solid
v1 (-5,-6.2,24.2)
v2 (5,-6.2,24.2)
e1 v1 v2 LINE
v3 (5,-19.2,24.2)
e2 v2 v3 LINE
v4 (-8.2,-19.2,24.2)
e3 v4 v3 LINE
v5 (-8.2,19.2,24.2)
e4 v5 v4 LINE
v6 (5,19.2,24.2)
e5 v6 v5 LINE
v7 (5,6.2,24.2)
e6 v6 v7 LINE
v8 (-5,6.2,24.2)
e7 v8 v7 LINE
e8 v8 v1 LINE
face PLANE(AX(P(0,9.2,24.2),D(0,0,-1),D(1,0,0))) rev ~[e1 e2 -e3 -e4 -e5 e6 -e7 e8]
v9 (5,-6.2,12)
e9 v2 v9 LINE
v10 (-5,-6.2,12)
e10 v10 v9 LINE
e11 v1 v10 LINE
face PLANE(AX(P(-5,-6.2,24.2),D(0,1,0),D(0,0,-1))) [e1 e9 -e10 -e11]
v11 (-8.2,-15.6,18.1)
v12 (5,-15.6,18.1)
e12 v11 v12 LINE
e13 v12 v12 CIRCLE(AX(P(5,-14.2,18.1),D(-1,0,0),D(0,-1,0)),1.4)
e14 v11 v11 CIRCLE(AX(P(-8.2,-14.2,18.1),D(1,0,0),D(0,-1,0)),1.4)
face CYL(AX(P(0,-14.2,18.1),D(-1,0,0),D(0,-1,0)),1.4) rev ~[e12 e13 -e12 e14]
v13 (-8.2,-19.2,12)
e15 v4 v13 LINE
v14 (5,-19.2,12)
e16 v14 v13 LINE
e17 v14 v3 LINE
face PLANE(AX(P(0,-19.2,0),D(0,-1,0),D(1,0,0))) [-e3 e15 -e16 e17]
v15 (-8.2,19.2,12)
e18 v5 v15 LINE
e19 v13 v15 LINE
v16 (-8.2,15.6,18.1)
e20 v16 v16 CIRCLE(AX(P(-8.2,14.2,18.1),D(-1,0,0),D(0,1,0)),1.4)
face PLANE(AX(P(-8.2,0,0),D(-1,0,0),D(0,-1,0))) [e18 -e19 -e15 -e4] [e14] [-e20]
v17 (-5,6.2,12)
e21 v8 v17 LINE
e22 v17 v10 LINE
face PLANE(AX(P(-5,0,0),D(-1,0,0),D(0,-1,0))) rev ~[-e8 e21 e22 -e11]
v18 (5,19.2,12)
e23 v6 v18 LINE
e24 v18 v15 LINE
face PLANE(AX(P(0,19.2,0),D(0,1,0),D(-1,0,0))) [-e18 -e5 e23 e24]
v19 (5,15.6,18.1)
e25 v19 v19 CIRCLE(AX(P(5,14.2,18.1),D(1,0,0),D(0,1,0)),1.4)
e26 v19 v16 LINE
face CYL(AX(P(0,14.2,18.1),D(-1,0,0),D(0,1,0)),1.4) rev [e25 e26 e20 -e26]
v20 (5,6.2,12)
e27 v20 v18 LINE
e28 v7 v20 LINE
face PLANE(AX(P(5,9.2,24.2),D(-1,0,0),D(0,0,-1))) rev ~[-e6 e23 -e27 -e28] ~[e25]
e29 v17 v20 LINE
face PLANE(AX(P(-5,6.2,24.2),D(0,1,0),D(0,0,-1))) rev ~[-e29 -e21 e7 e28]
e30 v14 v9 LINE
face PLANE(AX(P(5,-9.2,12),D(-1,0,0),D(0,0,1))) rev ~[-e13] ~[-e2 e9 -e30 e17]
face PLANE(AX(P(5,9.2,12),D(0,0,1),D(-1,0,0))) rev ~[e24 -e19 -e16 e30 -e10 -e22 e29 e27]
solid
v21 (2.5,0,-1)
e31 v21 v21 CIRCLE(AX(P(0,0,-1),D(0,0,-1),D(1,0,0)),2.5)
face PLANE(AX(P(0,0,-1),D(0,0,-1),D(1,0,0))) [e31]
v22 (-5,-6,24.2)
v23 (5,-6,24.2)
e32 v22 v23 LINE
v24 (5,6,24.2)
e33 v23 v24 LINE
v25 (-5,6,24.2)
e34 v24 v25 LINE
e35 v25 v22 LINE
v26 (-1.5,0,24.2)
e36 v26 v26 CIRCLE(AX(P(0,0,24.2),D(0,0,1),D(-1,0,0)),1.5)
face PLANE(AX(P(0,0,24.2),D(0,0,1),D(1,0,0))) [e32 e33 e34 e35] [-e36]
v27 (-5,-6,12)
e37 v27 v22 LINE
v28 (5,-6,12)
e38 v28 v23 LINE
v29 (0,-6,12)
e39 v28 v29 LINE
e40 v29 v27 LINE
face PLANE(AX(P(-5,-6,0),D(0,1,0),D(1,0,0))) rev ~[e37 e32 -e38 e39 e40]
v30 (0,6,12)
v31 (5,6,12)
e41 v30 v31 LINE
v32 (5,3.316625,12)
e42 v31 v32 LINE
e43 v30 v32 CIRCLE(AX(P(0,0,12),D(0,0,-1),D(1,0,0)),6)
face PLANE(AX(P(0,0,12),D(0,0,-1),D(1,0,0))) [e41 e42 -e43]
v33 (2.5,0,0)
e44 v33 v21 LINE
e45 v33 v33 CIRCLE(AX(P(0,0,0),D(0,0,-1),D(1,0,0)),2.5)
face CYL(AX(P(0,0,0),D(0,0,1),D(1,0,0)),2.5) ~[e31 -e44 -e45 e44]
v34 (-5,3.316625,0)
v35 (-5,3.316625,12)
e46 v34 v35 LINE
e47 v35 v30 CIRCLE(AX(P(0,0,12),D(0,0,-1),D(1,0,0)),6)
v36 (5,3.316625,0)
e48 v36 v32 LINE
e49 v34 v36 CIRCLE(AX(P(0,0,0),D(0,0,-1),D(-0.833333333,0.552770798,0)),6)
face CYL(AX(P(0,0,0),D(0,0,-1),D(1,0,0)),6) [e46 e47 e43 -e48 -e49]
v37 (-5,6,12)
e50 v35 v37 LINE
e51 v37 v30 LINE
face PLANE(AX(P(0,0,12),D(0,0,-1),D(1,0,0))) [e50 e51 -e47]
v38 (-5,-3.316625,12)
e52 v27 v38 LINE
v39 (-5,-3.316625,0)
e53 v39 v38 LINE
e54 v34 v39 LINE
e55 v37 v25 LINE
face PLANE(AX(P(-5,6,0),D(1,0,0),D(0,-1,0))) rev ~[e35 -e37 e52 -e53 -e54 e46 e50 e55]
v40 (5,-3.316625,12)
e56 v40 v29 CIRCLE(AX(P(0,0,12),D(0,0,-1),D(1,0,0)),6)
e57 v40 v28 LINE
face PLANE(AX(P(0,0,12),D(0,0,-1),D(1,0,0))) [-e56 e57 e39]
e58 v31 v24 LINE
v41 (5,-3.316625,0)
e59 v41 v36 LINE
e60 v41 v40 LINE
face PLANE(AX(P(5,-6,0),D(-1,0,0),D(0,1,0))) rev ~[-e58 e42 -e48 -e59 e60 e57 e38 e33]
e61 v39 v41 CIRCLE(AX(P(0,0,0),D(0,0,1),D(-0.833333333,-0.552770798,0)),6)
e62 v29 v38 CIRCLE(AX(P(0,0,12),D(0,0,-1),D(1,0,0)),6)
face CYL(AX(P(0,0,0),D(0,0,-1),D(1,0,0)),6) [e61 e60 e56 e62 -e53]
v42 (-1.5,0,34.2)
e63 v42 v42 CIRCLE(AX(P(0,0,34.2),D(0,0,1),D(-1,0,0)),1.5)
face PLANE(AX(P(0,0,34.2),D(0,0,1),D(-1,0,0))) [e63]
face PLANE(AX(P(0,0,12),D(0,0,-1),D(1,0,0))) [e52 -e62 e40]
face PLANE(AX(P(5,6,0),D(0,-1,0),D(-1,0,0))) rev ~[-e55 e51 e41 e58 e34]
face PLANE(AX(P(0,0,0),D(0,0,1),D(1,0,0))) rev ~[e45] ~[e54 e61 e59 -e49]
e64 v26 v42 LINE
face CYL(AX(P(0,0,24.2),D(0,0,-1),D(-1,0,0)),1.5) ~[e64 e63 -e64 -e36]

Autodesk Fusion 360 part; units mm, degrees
sketch "Çizim1" plane through (0, 0, 0) normal (0, 0, 1) x (1, 0, 0)
  line L0 (5, 6) -> (-5, 6)
  line L1 (-5, 6) -> (-5, -6)
  line L2 (-5, -6) -> (5, -6)
  line L3 (5, -6) -> (5, 6)
  line L4 (5, 6) -> (-5, -6) construction
  line L5 (-5, 6) -> (5, -6) construction
  dimension "d1" = 10
  dimension "d2" = 12
extrude "Ekstrüzyon1" add sketch "Çizim1" along normal blind 24.2 makes body 1
sketch "Çizim2" plane through (0, 0, 24.2) normal (0, 0, 1) x (-1, 0, 0)
  line L0 (-5, 6) -> (-5, -6)
  line L1 (-5, -6) -> (5, -6)
  line L2 (5, -6) -> (5, 6)
  line L3 (5, 6) -> (-5, 6)
  circle A0 centre (0, 0) radius 1.5
  dimension "d5" = 3
extrude "Ekstrüzyon2" add sketch "Çizim2" along normal blind 10 contours A0 bodies 1
sketch "Çizim3" plane through (0, 0, 0) normal (0, 0, -1) x (1, 0, 0)
  line L0 (5, -6) -> (5, 6)
  line L1 (5, 6) -> (-5, 6)
  line L2 (-5, 6) -> (-5, -6)
  line L3 (-5, -6) -> (5, -6)
  circle A0 centre (0, 0) radius 2.5
  dimension "d8" = 5
extrude "Ekstrüzyon3" add sketch "Çizim3" along normal blind 1 contours A0 bodies 1
sketch "Çizim4" plane through (0, 0, 0) normal (0, 0, -1) x (1, 0, 0)
  circle A0 centre (0, 0) radius 2.5
  line L0 (5, -6) -> (5, 6)
  line L1 (5, 6) -> (-5, 6)
  line L2 (-5, 6) -> (-5, -6)
  line L3 (-5, -6) -> (5, -6)
  circle A1 centre (0, 0) radius 6
  dimension "d11" = 12
extrude "Ekstrüzyon4" cut sketch "Çizim4" against normal blind 12 contours L0 L3 A1 | L2 L3 A1 | L0 L1 A1 | L1 L2 A1 bodies 1
sketch "Çizim5" plane through (-5, 0, 0) normal (-1, 0, 0) x (0, -1, 0)
  line L0 (-3.3166, 12) -> (-3.3166, 0)
  line L1 (-3.3166, 0) -> (3.3166, 0)
  line L2 (3.3166, 0) -> (3.3166, 12)
  line L3 (3.3166, 12) -> (6, 12)
  line L4 (6, 12) -> (6, 24.2)
  line L5 (6, 24.2) -> (-6, 24.2)
  line L6 (-6, 24.2) -> (-6, 12)
  line L7 (-6, 12) -> (-3.3166, 12)
  line L8 (-6, 24.2) -> (6, 24.2)
  line L9 (6, 24.2) -> (6, 12)
  line L10 (6, 12) -> (-6, 12)
  line L11 (-6, 12) -> (-6, 24.2)
  line L12 (-6, 24.2) -> (-9.2, 24.2)
  line L13 (-9.2, 24.2) -> (-9.2, 12)
  line L14 (-9.2, 12) -> (-6, 12)
  line L15 (-6, 12) -> (-6, 24.2)
  line L16 (6, 24.2) -> (9.2, 24.2)
  line L17 (9.2, 24.2) -> (9.2, 12)
  line L18 (9.2, 12) -> (6, 12)
  line L19 (6, 12) -> (6, 24.2)
  dimension "d14" = 3.2
  dimension "d15" = 3.2
extrude "Ekstrüzyon5" add sketch "Çizim5" along normal blind 3.2 separate body contours L3 L4 L5 L6 L7 L8 L9 L10 L11 L15 L19 | L6 L11 L12 L13 L14 L15 | L4 L9 L16 L17 L18 L19 makes body 2
sketch "Çizim6" plane through (-5, 0, 0) normal (1, 0, 0) x (0, 1, 0)
  line L0 (9.2, 24.2) -> (-9.2, 24.2)
  line L1 (-9.2, 24.2) -> (-9.2, 12)
  line L2 (-9.2, 12) -> (9.2, 12)
  line L3 (9.2, 12) -> (9.2, 24.2)
  line L4 (-9.2, 24.2) -> (-6.2, 24.2)
  line L5 (-6.2, 24.2) -> (-6.2, 12)
  line L6 (-6.2, 12) -> (-9.2, 12)
  line L7 (-9.2, 12) -> (-9.2, 24.2)
  line L8 (9.2, 24.2) -> (6.2, 24.2)
  line L9 (6.2, 24.2) -> (6.2, 12)
  line L10 (6.2, 12) -> (9.2, 12)
  line L11 (9.2, 12) -> (9.2, 24.2)
  dimension "d18" = 3
  dimension "d19" = 3
extrude "Ekstrüzyon6" add sketch "Çizim6" along normal blind 10 contours L0 L2 L3 L8 L9 L10 L11 | L0 L1 L2 L4 L5 L6 L7 bodies 2
sketch "Çizim7" plane through (0, -9.2, 0) normal (0, -1, 0) x (1, 0, 0)
  line L0 (5, 24.2) -> (-8.2, 24.2)
  line L1 (-8.2, 24.2) -> (-8.2, 12)
  line L2 (-8.2, 12) -> (5, 12)
  line L3 (5, 12) -> (5, 24.2)
  line L4 (5, 24.2) -> (0, 24.2)
  line L5 (0, 24.2) -> (0, 12)
  line L6 (0, 12) -> (5, 12)
  line L7 (5, 12) -> (5, 24.2)
  dimension "d22" = 5
extrude "Ekstrüzyon7" add sketch "Çizim7" along normal blind 10 contours L0 L2 L3 L4 L5 L6 L7 bodies 2
sketch "Çizim8" plane through (0, 9.2, 0) normal (0, 1, 0) x (-1, 0, 0)
  line L0 (-5, 12) -> (8.2, 12)
  line L1 (8.2, 12) -> (8.2, 24.2)
  line L2 (8.2, 24.2) -> (-5, 24.2)
  line L3 (-5, 24.2) -> (-5, 12)
  line L4 (-5, 24.2) -> (0, 24.2)
  line L5 (0, 24.2) -> (0, 12)
  line L6 (0, 12) -> (-5, 12)
  line L7 (-5, 12) -> (-5, 24.2)
  dimension "d25" = 5
  dimension "d26" = 12.2
extrude "Ekstrüzyon8" add sketch "Çizim8" along normal blind 10 contours L0 L2 L3 L4 L5 L6 L7 bodies 2
sketch "Çizim9" plane through (0, 0, 0) normal (-1, 0, 0) x (0, -1, 0)
  line L0 (9.2, 24.2) -> (9.2, 12)
  line L1 (9.2, 12) -> (19.2, 12)
  line L2 (19.2, 12) -> (19.2, 24.2)
  line L3 (19.2, 24.2) -> (9.2, 24.2)
  line L4 (19.2, 18.1) -> (9.2, 18.1)
  line L5 (14.2, 12) -> (14.2, 18.1)
  circle A0 centre (14.2, 18.1) radius 1.4
  dimension "d29" = 2.8
extrude "Ekstrüzyon9" cut sketch "Çizim9" against normal blind 5 contours L4 A0 | L4 L5 A0 | L4 L5 A0 bodies 2
mirror "Ayna1" about plane through (0, 0, 0) normal (0, 1, 0) of "Ekstrüzyon9"
extrude "Ekstrüzyon10" add 2 faces at (0, -14.2349, 22.632) (0, 14.1651, 13.568) along direction (-1, 0, 0) blind 8.2 on bodies 2 bodies 2
equation "d18 = 3.2 mm - 0.2 mm"
